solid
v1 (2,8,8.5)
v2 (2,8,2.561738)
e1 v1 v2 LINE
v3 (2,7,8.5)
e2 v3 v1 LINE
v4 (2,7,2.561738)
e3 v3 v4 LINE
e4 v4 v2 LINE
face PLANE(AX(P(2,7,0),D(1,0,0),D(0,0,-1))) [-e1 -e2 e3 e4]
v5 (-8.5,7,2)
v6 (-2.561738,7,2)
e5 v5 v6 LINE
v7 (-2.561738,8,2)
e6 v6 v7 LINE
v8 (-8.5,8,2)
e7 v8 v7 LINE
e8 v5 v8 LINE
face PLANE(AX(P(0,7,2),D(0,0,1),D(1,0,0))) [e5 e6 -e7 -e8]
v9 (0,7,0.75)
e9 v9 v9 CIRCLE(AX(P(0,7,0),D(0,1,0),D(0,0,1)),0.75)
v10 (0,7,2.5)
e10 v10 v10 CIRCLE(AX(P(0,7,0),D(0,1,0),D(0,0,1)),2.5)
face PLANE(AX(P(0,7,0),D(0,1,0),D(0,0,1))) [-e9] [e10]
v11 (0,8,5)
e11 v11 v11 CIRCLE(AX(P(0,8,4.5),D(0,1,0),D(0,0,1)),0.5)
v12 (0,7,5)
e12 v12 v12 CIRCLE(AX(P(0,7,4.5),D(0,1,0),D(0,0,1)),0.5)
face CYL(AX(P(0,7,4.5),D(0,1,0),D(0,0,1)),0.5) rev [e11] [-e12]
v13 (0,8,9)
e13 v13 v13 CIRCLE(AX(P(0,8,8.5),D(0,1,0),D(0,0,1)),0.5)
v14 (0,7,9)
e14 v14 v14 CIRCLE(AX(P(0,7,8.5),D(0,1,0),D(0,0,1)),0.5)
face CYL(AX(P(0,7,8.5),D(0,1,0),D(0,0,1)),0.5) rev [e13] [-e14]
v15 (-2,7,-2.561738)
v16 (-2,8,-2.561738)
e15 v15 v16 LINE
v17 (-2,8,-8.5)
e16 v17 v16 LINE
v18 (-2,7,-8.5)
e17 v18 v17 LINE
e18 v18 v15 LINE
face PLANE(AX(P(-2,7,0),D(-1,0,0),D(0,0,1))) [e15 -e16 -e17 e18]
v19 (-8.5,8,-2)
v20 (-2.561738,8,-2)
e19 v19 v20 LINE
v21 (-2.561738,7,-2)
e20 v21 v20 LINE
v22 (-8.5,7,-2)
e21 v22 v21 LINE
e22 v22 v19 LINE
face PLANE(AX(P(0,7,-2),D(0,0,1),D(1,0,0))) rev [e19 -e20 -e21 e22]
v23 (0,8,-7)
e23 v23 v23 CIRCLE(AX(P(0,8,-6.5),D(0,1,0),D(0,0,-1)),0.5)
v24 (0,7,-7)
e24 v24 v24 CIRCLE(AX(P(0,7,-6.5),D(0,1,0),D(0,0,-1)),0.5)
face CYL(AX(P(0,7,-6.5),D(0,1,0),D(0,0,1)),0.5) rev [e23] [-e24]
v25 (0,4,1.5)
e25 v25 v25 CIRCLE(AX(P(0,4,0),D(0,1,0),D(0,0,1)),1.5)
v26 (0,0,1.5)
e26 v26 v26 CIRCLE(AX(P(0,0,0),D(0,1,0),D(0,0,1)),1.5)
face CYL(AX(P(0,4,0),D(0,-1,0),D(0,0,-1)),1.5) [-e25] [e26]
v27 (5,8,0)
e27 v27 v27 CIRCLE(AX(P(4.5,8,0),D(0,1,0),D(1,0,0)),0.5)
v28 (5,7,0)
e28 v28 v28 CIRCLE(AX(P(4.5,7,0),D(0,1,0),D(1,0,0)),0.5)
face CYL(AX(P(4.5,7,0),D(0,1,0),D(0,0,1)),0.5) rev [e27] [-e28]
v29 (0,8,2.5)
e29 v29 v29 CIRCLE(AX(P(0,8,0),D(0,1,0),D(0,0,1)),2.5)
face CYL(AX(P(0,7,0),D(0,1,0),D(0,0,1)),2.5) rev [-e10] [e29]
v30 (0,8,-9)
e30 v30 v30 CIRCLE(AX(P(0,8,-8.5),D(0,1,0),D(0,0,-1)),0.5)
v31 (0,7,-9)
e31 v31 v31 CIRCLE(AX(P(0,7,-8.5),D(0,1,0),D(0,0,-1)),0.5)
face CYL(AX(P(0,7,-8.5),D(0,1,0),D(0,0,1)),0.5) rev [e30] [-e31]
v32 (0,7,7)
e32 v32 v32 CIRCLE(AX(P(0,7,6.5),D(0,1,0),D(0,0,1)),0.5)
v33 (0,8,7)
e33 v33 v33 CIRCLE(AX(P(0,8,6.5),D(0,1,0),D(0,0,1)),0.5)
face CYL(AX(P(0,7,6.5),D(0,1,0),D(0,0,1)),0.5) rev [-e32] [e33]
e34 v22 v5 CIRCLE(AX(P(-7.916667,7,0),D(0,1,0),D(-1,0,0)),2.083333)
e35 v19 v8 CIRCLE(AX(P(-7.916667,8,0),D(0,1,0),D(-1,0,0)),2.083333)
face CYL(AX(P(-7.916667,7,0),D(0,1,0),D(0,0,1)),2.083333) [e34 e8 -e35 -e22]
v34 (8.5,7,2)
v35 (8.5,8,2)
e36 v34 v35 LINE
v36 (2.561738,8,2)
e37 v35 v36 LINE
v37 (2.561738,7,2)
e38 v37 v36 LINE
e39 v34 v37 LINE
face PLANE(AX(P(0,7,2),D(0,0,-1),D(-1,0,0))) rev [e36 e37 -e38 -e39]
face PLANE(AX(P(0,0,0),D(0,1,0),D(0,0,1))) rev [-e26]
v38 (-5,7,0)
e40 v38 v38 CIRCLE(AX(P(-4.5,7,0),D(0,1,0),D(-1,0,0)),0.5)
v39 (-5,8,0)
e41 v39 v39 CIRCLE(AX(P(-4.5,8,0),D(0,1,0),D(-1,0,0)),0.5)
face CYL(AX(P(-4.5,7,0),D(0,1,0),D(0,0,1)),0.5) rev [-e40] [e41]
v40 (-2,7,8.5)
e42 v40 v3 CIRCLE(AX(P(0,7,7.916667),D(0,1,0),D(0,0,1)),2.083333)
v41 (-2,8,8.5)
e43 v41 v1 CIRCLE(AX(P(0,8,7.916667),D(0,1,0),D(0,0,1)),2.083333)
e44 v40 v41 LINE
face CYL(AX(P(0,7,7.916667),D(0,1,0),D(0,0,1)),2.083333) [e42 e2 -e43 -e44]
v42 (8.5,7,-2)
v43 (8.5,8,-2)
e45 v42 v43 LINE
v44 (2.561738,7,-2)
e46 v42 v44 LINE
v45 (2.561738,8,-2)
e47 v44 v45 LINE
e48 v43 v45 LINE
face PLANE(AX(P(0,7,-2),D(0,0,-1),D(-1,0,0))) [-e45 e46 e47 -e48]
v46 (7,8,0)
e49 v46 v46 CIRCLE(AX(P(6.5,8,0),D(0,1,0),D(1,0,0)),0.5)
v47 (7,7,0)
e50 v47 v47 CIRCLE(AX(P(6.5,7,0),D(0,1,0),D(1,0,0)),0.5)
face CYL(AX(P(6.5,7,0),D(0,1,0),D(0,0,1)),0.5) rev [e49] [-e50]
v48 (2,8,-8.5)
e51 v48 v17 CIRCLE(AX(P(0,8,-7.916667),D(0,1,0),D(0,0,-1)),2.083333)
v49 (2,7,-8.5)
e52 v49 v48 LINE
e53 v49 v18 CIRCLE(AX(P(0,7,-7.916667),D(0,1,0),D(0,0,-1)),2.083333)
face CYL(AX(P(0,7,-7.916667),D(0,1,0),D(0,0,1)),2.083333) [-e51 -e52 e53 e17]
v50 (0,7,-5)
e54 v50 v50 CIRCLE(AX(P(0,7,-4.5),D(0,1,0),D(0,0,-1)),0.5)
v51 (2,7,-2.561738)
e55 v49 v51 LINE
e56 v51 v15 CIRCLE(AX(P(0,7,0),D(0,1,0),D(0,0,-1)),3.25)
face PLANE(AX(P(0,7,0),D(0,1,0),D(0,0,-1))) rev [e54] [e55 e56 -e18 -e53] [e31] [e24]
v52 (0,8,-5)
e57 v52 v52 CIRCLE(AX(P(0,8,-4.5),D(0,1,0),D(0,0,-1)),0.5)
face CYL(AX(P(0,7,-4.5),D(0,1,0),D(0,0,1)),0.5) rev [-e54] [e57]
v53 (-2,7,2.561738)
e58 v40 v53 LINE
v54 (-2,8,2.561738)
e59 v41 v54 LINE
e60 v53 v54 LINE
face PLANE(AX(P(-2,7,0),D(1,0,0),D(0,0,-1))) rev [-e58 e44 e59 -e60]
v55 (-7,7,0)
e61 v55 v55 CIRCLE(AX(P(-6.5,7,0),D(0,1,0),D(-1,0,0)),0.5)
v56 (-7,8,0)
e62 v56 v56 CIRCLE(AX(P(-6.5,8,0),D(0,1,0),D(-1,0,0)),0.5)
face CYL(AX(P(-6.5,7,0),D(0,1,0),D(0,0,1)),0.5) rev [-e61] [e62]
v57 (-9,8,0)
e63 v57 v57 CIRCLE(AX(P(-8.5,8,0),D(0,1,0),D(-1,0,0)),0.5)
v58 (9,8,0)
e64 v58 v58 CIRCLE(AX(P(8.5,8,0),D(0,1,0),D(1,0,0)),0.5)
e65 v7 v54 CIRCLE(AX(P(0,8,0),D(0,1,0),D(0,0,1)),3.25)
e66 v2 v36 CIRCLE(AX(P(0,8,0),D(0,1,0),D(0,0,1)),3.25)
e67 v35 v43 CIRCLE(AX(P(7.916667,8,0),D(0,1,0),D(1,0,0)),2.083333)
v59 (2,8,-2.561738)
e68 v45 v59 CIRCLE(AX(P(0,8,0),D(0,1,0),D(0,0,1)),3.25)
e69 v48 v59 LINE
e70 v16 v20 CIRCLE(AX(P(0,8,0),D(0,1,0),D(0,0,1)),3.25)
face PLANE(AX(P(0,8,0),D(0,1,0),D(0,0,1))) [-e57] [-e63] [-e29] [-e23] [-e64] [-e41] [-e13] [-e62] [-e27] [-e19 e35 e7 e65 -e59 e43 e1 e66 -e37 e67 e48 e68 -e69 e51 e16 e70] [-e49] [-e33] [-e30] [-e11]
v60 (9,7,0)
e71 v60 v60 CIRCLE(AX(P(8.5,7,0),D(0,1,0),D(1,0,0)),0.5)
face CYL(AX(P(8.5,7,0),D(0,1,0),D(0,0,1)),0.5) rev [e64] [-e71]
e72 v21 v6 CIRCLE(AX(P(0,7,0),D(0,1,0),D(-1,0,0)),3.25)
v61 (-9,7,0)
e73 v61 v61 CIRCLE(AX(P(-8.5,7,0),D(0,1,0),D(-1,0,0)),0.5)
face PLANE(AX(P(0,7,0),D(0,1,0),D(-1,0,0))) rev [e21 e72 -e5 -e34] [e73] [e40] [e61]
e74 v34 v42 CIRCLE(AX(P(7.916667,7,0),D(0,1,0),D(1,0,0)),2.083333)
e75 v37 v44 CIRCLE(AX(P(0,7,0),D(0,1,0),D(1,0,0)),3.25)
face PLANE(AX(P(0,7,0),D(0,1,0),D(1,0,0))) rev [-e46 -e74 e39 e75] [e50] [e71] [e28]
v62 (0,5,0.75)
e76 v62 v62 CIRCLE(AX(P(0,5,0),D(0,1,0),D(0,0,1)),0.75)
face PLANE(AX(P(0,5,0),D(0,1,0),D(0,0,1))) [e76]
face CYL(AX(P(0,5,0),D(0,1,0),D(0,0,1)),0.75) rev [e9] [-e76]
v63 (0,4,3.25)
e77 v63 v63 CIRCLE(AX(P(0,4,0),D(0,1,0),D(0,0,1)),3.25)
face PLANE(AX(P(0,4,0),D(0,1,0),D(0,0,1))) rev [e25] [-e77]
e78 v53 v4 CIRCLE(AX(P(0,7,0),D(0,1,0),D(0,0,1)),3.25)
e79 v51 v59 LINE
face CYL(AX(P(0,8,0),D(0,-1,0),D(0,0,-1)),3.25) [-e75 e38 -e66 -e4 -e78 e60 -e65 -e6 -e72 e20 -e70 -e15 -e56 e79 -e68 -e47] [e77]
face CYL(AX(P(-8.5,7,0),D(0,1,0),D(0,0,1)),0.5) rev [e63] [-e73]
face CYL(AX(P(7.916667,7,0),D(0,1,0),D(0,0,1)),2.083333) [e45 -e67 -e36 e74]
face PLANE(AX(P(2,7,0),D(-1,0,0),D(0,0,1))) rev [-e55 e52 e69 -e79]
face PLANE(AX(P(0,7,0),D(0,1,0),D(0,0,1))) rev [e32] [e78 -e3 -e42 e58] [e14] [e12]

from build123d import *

# Parameters (mm, degrees)
ESQUISSE1_R                            = 1.5
BOSS_EXTRU_1_DEPTH                     = 4
ESQUISSE2_R                            = 3.25
BOSS_EXTRU_2_DEPTH                     = 4
BOSS_EXTRU_3_START                     = -1
BOSS_EXTRU_3_DEPTH                     = 1
R_P_TITION_CIRCULAIRE6_COUNT           = 4
ESQUISSE5_R                            = 0.5
ENL_V_MAT_EXTRU_1_DEPTH                = 1
R_P_TITION_LIN_AIRE1_COUNT             = 3
R_P_TITION_LIN_AIRE1_PITCH             = 2
R_P_TITION_CIRCULAIRE7_COUNT           = 4
R_P_TITION_CIRCULAIRE7_COPY_1_SKETCH_R = 0.5
R_P_TITION_CIRCULAIRE7_COPY_1_DEPTH    = 1
R_P_TITION_CIRCULAIRE7_COPY_2_SKETCH_R = 0.5
R_P_TITION_CIRCULAIRE7_COPY_2_DEPTH    = 1
R_P_TITION_CIRCULAIRE7_COPY_3_SKETCH_R = 0.5
R_P_TITION_CIRCULAIRE7_COPY_3_DEPTH    = 1
R_P_TITION_CIRCULAIRE7_COPY_4_SKETCH_R = 0.5
R_P_TITION_CIRCULAIRE7_COPY_4_DEPTH    = 1
R_P_TITION_CIRCULAIRE7_COPY_5_SKETCH_R = 0.5
R_P_TITION_CIRCULAIRE7_COPY_5_DEPTH    = 1
R_P_TITION_CIRCULAIRE7_COPY_6_SKETCH_R = 0.5
R_P_TITION_CIRCULAIRE7_COPY_6_DEPTH    = 1
ESQUISSE6_R                            = 2.5
ENL_V_MAT_EXTRU_2_DEPTH                = 1
ESQUISSE7_R                            = 0.75
ENL_V_MAT_EXTRU_3_DEPTH                = 2


with BuildPart() as part:
    # Esquisse1 → Boss.-Extru.1 (new body)
    with BuildSketch(Plane(origin=(0, 0, 0), x_dir=(1, 0, 0), z_dir=(0, 1, 0))):
        with Locations(Location((0, 0, 0), (0, 0, 270))):
            Circle(ESQUISSE1_R)
    extrude(amount=BOSS_EXTRU_1_DEPTH)

    # Esquisse2 → Boss.-Extru.2 (add)
    with BuildSketch(Plane(origin=(0, 4, 0), x_dir=(1, 0, 0), z_dir=(0, 1, 0))):
        with Locations(Location((0, 0, 0), (0, 0, 270))):
            Circle(ESQUISSE2_R)
    extrude(amount=BOSS_EXTRU_2_DEPTH)

    # Esquisse3 → Boss.-Extru.3 (add)
    with BuildSketch(Plane(origin=(0, 8, 0), x_dir=(1, 0, 0), z_dir=(0, 1, 0)).offset(BOSS_EXTRU_3_START)):
        with BuildLine():
            ThreePointArc((-2, -8.5), (-1.25, -9.583333333), (0, -10))
            ThreePointArc((0, -10), (1.25, -9.583333333), (2, -8.5))
            Line((2, -8.5), (2, -2.561737691))
            ThreePointArc((2, -2.561737691), (0, -3.25), (-2, -2.561737691))
            Line((-2, -2.561737691), (-2, -8.5))
        make_face()
    boss_extru_3 = extrude(amount=BOSS_EXTRU_3_DEPTH)

    # Répétition circulaire6: Boss.-Extru.3 ×4 about axis
    r_p_tition_circulaire6_axis = Axis((0, 0, 0), (0, 1, 0))
    for i in range(1, R_P_TITION_CIRCULAIRE6_COUNT):
        add(boss_extru_3.rotate(r_p_tition_circulaire6_axis, i * 360 / R_P_TITION_CIRCULAIRE6_COUNT))

    # Esquisse5 → Enlèv. mat.-Extru.1 (cut)
    with BuildSketch(Plane(origin=(0, 8, 0), x_dir=(1, 0, 0), z_dir=(0, 1, 0))):
        with Locations(Location((0, -8.5, 0), (0, 0, 270))):
            Circle(ESQUISSE5_R)
    enl_v_mat_extru_1 = extrude(amount=-ENL_V_MAT_EXTRU_1_DEPTH, mode=Mode.SUBTRACT)

    # Répétition linéaire1: Enlèv. mat.-Extru.1 ×3
    with Locations(*[(0, 0, -i * R_P_TITION_LIN_AIRE1_PITCH) for i in range(1, R_P_TITION_LIN_AIRE1_COUNT)]):
        add(enl_v_mat_extru_1, mode=Mode.SUBTRACT)

    # Répétition circulaire7: Enlèv. mat.-Extru.1 ×4 about axis
    r_p_tition_circulaire7_axis = Axis((0, 0, 0), (0, 1, 0))
    for i in range(1, R_P_TITION_CIRCULAIRE7_COUNT):
        add(enl_v_mat_extru_1.rotate(r_p_tition_circulaire7_axis, i * 360 / R_P_TITION_CIRCULAIRE7_COUNT), mode=Mode.SUBTRACT)

    # Répétition circulaire7 copy 1 sketch → Répétition circulaire7 copy 1 (cut)
    with BuildSketch(Plane(origin=(-2, 8, 0), x_dir=(0, 0, -1), z_dir=(0, 1, 0))):
        with Locations(Location((0, -8.5, 0), (0, 0, 270))):
            Circle(R_P_TITION_CIRCULAIRE7_COPY_1_SKETCH_R)
    extrude(amount=-R_P_TITION_CIRCULAIRE7_COPY_1_DEPTH, mode=Mode.SUBTRACT)

    # Répétition circulaire7 copy 2 sketch → Répétition circulaire7 copy 2 (cut)
    with BuildSketch(Plane(origin=(0, 8, 2), x_dir=(-1, 0, 0), z_dir=(0, 1, 0))):
        with Locations(Location((0, -8.5, 0), (0, 0, 270))):
            Circle(R_P_TITION_CIRCULAIRE7_COPY_2_SKETCH_R)
    extrude(amount=-R_P_TITION_CIRCULAIRE7_COPY_2_DEPTH, mode=Mode.SUBTRACT)

    # Répétition circulaire7 copy 3 sketch → Répétition circulaire7 copy 3 (cut)
    with BuildSketch(Plane(origin=(2, 8, 0), x_dir=(0, 0, 1), z_dir=(0, 1, 0))):
        with Locations(Location((0, -8.5, 0), (0, 0, 270))):
            Circle(R_P_TITION_CIRCULAIRE7_COPY_3_SKETCH_R)
    extrude(amount=-R_P_TITION_CIRCULAIRE7_COPY_3_DEPTH, mode=Mode.SUBTRACT)

    # Répétition circulaire7 copy 4 sketch → Répétition circulaire7 copy 4 (cut)
    with BuildSketch(Plane(origin=(-4, 8, 0), x_dir=(0, 0, -1), z_dir=(0, 1, 0))):
        with Locations(Location((0, -8.5, 0), (0, 0, 270))):
            Circle(R_P_TITION_CIRCULAIRE7_COPY_4_SKETCH_R)
    extrude(amount=-R_P_TITION_CIRCULAIRE7_COPY_4_DEPTH, mode=Mode.SUBTRACT)

    # Répétition circulaire7 copy 5 sketch → Répétition circulaire7 copy 5 (cut)
    with BuildSketch(Plane(origin=(0, 8, 4), x_dir=(-1, 0, 0), z_dir=(0, 1, 0))):
        with Locations(Location((0, -8.5, 0), (0, 0, 270))):
            Circle(R_P_TITION_CIRCULAIRE7_COPY_5_SKETCH_R)
    extrude(amount=-R_P_TITION_CIRCULAIRE7_COPY_5_DEPTH, mode=Mode.SUBTRACT)

    # Répétition circulaire7 copy 6 sketch → Répétition circulaire7 copy 6 (cut)
    with BuildSketch(Plane(origin=(4, 8, 0), x_dir=(0, 0, 1), z_dir=(0, 1, 0))):
        with Locations(Location((0, -8.5, 0), (0, 0, 270))):
            Circle(R_P_TITION_CIRCULAIRE7_COPY_6_SKETCH_R)
    extrude(amount=-R_P_TITION_CIRCULAIRE7_COPY_6_DEPTH, mode=Mode.SUBTRACT)

    # Esquisse6 → Enlèv. mat.-Extru.2 (cut)
    with BuildSketch(Plane(origin=(0, 8, 0), x_dir=(1, 0, 0), z_dir=(0, 1, 0))):
        with Locations(Location((0, 0, 0), (0, 0, 270))):
            Circle(ESQUISSE6_R)
    extrude(amount=-ENL_V_MAT_EXTRU_2_DEPTH, mode=Mode.SUBTRACT)

    # Esquisse7 → Enlèv. mat.-Extru.3 (cut)
    with BuildSketch(Plane(origin=(0, 7, 0), x_dir=(1, 0, 0), z_dir=(0, 1, 0))):
        with Locations(Location((0, 0, 0), (0, 0, 270))):
            Circle(ESQUISSE7_R)
    extrude(amount=-ENL_V_MAT_EXTRU_3_DEPTH, mode=Mode.SUBTRACT)


solid = part.part
